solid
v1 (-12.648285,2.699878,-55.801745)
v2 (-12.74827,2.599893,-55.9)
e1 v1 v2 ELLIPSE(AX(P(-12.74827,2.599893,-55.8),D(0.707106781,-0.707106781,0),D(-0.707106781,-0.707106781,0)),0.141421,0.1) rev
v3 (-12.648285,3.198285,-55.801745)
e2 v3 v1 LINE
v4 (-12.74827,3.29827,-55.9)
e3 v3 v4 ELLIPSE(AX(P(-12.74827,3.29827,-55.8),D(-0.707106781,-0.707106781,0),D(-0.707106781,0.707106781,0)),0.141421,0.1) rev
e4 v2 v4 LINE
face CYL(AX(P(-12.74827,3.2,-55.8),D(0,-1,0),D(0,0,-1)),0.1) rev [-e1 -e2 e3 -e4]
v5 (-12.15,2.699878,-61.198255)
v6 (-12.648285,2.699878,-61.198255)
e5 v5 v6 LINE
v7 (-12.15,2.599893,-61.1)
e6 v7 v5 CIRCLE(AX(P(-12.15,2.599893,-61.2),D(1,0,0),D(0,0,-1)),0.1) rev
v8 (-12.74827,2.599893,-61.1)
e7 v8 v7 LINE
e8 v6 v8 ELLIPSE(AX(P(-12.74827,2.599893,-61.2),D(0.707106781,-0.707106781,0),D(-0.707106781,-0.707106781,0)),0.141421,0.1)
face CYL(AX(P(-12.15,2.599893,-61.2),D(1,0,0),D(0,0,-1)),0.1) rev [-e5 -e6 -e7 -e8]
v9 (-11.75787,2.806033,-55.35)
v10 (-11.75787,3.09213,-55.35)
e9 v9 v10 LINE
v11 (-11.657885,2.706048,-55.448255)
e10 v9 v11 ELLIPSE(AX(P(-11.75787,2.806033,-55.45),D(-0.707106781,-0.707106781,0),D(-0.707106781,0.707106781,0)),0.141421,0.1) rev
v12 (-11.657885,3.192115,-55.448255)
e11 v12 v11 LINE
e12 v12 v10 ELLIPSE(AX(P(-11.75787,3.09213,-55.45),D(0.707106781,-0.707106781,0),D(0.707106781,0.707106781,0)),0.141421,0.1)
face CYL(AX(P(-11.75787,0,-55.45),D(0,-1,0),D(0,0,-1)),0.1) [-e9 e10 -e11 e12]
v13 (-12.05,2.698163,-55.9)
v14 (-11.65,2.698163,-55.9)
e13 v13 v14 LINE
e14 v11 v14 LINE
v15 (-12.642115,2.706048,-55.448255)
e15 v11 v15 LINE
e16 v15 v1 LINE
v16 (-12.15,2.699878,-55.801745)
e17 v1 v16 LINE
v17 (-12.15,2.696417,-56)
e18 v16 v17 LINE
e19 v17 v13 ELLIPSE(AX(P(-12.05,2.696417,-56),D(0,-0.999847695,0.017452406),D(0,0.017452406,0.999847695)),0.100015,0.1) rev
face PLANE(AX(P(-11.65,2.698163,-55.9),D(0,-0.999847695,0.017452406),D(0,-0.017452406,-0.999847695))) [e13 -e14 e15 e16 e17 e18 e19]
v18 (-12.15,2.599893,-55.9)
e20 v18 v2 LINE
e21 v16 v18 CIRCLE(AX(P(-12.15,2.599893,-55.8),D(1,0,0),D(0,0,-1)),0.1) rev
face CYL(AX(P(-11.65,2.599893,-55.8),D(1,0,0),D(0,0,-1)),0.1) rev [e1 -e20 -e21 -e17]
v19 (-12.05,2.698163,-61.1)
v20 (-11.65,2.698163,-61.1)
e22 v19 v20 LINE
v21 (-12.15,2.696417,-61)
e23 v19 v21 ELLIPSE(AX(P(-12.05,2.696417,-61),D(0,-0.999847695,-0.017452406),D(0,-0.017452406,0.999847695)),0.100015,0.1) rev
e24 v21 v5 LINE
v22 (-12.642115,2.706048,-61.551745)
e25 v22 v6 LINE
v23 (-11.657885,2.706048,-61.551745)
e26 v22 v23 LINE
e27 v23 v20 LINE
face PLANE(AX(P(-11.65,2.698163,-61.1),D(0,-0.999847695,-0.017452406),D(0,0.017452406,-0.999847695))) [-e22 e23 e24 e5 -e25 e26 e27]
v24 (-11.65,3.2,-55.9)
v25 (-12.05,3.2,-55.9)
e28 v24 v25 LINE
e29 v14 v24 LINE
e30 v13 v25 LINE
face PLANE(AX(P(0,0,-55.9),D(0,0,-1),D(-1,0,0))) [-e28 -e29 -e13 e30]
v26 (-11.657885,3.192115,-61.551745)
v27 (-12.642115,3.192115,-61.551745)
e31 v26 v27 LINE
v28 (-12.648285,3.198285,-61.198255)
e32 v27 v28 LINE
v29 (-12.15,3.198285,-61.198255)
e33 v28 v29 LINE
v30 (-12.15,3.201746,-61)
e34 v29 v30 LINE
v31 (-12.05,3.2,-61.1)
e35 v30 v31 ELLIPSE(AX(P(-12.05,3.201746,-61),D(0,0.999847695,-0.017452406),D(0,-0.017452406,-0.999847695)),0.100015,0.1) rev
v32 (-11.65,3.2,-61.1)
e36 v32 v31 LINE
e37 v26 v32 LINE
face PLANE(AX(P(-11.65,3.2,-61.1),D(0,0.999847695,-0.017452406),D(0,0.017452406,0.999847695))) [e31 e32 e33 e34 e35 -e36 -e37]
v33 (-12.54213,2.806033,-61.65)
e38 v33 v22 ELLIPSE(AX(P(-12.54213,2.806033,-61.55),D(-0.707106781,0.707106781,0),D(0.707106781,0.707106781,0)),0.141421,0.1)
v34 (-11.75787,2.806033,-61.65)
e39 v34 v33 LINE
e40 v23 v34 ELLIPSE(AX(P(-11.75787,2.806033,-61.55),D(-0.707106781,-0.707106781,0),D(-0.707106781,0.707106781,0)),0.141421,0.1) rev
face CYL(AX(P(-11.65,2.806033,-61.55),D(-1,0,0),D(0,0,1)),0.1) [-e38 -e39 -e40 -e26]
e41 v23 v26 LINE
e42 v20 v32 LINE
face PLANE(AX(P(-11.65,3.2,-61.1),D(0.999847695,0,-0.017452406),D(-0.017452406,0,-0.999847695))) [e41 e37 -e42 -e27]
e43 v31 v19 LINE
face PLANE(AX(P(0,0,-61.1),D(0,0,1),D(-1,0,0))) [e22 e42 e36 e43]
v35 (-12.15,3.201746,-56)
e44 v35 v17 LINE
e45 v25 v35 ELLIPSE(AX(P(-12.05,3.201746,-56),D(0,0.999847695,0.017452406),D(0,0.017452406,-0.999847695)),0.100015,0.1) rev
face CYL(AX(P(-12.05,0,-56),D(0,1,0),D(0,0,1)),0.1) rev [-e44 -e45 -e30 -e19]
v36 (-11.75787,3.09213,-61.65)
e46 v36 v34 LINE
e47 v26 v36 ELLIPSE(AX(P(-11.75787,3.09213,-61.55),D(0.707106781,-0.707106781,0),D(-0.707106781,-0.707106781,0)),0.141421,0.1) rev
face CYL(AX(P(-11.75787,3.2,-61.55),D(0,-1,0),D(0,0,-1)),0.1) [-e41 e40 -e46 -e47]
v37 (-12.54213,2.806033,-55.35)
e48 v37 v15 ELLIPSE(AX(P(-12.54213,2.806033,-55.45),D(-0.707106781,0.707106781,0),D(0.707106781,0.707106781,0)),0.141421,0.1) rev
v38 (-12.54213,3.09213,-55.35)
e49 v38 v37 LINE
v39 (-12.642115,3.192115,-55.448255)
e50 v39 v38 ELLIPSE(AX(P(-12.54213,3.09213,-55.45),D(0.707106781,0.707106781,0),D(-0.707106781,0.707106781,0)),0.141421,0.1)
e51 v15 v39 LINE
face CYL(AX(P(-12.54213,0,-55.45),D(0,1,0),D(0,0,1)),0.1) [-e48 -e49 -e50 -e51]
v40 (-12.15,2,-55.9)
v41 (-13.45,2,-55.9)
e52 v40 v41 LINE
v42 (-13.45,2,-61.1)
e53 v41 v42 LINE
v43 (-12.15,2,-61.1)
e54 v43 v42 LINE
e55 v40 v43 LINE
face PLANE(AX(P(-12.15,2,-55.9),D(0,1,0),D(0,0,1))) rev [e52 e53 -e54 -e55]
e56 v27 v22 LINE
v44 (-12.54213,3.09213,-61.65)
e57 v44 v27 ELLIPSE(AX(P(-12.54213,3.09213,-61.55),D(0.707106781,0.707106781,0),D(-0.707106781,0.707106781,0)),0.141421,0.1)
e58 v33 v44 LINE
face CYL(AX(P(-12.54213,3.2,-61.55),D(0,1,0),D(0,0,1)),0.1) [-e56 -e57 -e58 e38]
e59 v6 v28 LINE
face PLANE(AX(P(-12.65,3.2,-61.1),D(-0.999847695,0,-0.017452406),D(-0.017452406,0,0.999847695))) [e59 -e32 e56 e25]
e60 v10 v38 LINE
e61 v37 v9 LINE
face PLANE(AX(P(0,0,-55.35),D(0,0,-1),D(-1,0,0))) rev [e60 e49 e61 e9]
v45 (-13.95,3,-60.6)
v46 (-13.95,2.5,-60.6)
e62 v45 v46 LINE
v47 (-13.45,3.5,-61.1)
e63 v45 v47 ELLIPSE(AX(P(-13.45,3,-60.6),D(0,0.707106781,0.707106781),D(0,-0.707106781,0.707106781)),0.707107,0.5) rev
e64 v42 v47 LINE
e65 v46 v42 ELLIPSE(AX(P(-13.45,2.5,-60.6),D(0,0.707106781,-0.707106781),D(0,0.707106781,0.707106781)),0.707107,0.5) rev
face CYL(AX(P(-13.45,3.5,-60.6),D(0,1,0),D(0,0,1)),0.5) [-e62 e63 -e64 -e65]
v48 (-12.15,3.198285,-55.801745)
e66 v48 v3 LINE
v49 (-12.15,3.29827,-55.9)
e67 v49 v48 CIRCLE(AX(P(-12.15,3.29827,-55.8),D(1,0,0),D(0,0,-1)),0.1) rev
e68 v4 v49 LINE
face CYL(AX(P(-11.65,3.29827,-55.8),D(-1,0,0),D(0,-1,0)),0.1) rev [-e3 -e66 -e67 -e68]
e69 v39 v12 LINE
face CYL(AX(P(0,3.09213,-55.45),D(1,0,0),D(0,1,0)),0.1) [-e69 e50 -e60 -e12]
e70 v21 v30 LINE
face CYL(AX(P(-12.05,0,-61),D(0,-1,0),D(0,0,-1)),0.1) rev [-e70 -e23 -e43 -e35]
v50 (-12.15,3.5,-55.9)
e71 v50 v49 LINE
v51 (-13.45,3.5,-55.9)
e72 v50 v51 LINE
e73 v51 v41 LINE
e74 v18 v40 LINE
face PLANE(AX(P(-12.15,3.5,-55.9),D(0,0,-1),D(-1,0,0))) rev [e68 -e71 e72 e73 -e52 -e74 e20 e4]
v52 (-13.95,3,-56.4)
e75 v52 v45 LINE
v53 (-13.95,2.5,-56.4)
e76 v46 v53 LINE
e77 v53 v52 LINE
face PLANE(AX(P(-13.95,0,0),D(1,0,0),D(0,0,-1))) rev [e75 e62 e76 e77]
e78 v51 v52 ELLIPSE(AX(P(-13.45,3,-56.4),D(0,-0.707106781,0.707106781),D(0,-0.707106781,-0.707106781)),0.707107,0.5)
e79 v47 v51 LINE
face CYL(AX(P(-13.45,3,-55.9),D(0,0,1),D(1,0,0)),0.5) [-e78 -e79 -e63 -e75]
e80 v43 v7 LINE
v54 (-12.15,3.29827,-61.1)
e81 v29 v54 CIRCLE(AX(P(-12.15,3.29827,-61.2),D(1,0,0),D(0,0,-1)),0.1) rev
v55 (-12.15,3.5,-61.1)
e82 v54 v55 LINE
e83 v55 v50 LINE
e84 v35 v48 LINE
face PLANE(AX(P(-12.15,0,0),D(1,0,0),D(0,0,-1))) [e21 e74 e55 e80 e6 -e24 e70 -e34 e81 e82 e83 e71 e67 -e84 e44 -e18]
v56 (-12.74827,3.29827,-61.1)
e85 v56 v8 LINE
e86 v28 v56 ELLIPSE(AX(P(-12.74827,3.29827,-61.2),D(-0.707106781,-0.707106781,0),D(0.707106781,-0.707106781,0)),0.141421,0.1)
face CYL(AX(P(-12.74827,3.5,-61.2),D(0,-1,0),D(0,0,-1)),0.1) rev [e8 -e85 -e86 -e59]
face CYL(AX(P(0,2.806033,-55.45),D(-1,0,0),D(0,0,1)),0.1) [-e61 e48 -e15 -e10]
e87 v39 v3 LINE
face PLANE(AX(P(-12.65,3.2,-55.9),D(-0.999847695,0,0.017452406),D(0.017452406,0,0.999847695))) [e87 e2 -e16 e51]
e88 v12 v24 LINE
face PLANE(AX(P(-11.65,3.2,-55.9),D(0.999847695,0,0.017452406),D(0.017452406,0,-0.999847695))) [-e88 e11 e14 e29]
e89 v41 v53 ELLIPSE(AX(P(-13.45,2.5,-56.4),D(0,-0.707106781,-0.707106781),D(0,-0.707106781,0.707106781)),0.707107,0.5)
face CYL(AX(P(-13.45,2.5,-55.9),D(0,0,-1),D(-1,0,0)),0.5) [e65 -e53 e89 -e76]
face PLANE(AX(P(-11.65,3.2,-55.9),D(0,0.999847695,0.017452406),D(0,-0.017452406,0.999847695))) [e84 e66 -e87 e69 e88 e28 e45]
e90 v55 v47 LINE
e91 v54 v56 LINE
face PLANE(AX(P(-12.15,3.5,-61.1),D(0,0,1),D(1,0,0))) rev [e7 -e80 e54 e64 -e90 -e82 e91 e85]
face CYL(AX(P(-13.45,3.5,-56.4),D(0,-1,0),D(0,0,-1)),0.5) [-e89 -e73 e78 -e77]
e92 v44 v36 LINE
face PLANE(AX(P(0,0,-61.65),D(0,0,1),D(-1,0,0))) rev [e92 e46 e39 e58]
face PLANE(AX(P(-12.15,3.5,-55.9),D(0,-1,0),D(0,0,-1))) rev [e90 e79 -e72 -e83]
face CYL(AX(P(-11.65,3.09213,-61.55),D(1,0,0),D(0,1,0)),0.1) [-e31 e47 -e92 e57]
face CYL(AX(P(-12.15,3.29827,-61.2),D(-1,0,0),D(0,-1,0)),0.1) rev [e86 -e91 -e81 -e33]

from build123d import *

# Parameters (mm, degrees)
BOSS_EXTRUDE1_DEPTH      = 0.5
BOSS_EXTRUDE1_DEPTH_BACK = 1.3
SKETCH2_W                = 5.2
SKETCH2_H                = 1.5
SKETCH3_W                = 1
SKETCH3_H                = 0.501837325
BOSS_EXTRUDE2_DEPTH      = 0.55
BOSS_EXTRUDE2_TAPER      = 1
FILLET1_R                = 0.1
FILLET2_R                = 0.1
FILLET3_R                = 0.5


with BuildPart() as part:
    # Sketch2 → Boss-Extrude1 (new, two sides: drawn at the far end of the back side and taken through both)
    with BuildSketch(Plane(origin=(-12.65, 0, 0), x_dir=(0, 0, -1), z_dir=(1, 0, 0)).offset(-BOSS_EXTRUDE1_DEPTH_BACK)):
        with Locations((58.5, 2.75)):
            Rectangle(SKETCH2_W, SKETCH2_H)
    extrude(amount=BOSS_EXTRUDE1_DEPTH + BOSS_EXTRUDE1_DEPTH_BACK)

    # Sketch3 → Boss-Extrude2 (add)
    with BuildSketch(Plane.XY.offset(-55.9)):
        with Locations((-12.15, 2.949081338)):
            Rectangle(SKETCH3_W, SKETCH3_H)
    boss_extrude2 = extrude(amount=BOSS_EXTRUDE2_DEPTH, taper=BOSS_EXTRUDE2_TAPER)

    # Mirror1: Boss-Extrude2 across plane
    add(boss_extrude2.mirror(Plane.XY.offset(-58.5)))

    # Fillet1
    fillet1_edges = [part.edges().sort_by_distance(p)[0] for p in [
        (-12.4, 3.2, -55.9),
        (-12.65, 2.949081337, -55.9),
        (-12.4, 2.698162675, -55.9),
        (-11.659600286, 2.949081337, -55.35),
        (-12.15, 3.190399714, -55.35),
        (-12.640399714, 2.949081337, -55.35),
        (-12.15, 2.707762961, -55.35),
        (-12.4, 3.2, -61.1),
        (-11.659600286, 2.949081337, -61.65),
        (-12.15, 2.707762961, -61.65),
        (-12.640399714, 2.949081337, -61.65),
        (-12.15, 3.190399714, -61.65),
        (-12.4, 2.698162675, -61.1),
        (-12.65, 2.949081337, -61.1),
    ]]
    fillet(fillet1_edges, radius=FILLET1_R)

    # Fillet2
    fillet2_edges = [part.edges().sort_by_distance(p)[0] for p in [
        (-12.15, 2.949081337, -55.9),
        (-12.15, 2.949081337, -61.1),
    ]]
    fillet(fillet2_edges, radius=FILLET2_R)

    # Fillet3
    fillet3_edges = [part.edges().sort_by_distance(p)[0] for p in [
        (-13.95, 2.75, -55.9),
        (-13.95, 3.5, -58.5),
        (-13.95, 2.75, -61.1),
        (-13.95, 2, -58.5),
    ]]
    fillet(fillet3_edges, radius=FILLET3_R)


solid = part.part
